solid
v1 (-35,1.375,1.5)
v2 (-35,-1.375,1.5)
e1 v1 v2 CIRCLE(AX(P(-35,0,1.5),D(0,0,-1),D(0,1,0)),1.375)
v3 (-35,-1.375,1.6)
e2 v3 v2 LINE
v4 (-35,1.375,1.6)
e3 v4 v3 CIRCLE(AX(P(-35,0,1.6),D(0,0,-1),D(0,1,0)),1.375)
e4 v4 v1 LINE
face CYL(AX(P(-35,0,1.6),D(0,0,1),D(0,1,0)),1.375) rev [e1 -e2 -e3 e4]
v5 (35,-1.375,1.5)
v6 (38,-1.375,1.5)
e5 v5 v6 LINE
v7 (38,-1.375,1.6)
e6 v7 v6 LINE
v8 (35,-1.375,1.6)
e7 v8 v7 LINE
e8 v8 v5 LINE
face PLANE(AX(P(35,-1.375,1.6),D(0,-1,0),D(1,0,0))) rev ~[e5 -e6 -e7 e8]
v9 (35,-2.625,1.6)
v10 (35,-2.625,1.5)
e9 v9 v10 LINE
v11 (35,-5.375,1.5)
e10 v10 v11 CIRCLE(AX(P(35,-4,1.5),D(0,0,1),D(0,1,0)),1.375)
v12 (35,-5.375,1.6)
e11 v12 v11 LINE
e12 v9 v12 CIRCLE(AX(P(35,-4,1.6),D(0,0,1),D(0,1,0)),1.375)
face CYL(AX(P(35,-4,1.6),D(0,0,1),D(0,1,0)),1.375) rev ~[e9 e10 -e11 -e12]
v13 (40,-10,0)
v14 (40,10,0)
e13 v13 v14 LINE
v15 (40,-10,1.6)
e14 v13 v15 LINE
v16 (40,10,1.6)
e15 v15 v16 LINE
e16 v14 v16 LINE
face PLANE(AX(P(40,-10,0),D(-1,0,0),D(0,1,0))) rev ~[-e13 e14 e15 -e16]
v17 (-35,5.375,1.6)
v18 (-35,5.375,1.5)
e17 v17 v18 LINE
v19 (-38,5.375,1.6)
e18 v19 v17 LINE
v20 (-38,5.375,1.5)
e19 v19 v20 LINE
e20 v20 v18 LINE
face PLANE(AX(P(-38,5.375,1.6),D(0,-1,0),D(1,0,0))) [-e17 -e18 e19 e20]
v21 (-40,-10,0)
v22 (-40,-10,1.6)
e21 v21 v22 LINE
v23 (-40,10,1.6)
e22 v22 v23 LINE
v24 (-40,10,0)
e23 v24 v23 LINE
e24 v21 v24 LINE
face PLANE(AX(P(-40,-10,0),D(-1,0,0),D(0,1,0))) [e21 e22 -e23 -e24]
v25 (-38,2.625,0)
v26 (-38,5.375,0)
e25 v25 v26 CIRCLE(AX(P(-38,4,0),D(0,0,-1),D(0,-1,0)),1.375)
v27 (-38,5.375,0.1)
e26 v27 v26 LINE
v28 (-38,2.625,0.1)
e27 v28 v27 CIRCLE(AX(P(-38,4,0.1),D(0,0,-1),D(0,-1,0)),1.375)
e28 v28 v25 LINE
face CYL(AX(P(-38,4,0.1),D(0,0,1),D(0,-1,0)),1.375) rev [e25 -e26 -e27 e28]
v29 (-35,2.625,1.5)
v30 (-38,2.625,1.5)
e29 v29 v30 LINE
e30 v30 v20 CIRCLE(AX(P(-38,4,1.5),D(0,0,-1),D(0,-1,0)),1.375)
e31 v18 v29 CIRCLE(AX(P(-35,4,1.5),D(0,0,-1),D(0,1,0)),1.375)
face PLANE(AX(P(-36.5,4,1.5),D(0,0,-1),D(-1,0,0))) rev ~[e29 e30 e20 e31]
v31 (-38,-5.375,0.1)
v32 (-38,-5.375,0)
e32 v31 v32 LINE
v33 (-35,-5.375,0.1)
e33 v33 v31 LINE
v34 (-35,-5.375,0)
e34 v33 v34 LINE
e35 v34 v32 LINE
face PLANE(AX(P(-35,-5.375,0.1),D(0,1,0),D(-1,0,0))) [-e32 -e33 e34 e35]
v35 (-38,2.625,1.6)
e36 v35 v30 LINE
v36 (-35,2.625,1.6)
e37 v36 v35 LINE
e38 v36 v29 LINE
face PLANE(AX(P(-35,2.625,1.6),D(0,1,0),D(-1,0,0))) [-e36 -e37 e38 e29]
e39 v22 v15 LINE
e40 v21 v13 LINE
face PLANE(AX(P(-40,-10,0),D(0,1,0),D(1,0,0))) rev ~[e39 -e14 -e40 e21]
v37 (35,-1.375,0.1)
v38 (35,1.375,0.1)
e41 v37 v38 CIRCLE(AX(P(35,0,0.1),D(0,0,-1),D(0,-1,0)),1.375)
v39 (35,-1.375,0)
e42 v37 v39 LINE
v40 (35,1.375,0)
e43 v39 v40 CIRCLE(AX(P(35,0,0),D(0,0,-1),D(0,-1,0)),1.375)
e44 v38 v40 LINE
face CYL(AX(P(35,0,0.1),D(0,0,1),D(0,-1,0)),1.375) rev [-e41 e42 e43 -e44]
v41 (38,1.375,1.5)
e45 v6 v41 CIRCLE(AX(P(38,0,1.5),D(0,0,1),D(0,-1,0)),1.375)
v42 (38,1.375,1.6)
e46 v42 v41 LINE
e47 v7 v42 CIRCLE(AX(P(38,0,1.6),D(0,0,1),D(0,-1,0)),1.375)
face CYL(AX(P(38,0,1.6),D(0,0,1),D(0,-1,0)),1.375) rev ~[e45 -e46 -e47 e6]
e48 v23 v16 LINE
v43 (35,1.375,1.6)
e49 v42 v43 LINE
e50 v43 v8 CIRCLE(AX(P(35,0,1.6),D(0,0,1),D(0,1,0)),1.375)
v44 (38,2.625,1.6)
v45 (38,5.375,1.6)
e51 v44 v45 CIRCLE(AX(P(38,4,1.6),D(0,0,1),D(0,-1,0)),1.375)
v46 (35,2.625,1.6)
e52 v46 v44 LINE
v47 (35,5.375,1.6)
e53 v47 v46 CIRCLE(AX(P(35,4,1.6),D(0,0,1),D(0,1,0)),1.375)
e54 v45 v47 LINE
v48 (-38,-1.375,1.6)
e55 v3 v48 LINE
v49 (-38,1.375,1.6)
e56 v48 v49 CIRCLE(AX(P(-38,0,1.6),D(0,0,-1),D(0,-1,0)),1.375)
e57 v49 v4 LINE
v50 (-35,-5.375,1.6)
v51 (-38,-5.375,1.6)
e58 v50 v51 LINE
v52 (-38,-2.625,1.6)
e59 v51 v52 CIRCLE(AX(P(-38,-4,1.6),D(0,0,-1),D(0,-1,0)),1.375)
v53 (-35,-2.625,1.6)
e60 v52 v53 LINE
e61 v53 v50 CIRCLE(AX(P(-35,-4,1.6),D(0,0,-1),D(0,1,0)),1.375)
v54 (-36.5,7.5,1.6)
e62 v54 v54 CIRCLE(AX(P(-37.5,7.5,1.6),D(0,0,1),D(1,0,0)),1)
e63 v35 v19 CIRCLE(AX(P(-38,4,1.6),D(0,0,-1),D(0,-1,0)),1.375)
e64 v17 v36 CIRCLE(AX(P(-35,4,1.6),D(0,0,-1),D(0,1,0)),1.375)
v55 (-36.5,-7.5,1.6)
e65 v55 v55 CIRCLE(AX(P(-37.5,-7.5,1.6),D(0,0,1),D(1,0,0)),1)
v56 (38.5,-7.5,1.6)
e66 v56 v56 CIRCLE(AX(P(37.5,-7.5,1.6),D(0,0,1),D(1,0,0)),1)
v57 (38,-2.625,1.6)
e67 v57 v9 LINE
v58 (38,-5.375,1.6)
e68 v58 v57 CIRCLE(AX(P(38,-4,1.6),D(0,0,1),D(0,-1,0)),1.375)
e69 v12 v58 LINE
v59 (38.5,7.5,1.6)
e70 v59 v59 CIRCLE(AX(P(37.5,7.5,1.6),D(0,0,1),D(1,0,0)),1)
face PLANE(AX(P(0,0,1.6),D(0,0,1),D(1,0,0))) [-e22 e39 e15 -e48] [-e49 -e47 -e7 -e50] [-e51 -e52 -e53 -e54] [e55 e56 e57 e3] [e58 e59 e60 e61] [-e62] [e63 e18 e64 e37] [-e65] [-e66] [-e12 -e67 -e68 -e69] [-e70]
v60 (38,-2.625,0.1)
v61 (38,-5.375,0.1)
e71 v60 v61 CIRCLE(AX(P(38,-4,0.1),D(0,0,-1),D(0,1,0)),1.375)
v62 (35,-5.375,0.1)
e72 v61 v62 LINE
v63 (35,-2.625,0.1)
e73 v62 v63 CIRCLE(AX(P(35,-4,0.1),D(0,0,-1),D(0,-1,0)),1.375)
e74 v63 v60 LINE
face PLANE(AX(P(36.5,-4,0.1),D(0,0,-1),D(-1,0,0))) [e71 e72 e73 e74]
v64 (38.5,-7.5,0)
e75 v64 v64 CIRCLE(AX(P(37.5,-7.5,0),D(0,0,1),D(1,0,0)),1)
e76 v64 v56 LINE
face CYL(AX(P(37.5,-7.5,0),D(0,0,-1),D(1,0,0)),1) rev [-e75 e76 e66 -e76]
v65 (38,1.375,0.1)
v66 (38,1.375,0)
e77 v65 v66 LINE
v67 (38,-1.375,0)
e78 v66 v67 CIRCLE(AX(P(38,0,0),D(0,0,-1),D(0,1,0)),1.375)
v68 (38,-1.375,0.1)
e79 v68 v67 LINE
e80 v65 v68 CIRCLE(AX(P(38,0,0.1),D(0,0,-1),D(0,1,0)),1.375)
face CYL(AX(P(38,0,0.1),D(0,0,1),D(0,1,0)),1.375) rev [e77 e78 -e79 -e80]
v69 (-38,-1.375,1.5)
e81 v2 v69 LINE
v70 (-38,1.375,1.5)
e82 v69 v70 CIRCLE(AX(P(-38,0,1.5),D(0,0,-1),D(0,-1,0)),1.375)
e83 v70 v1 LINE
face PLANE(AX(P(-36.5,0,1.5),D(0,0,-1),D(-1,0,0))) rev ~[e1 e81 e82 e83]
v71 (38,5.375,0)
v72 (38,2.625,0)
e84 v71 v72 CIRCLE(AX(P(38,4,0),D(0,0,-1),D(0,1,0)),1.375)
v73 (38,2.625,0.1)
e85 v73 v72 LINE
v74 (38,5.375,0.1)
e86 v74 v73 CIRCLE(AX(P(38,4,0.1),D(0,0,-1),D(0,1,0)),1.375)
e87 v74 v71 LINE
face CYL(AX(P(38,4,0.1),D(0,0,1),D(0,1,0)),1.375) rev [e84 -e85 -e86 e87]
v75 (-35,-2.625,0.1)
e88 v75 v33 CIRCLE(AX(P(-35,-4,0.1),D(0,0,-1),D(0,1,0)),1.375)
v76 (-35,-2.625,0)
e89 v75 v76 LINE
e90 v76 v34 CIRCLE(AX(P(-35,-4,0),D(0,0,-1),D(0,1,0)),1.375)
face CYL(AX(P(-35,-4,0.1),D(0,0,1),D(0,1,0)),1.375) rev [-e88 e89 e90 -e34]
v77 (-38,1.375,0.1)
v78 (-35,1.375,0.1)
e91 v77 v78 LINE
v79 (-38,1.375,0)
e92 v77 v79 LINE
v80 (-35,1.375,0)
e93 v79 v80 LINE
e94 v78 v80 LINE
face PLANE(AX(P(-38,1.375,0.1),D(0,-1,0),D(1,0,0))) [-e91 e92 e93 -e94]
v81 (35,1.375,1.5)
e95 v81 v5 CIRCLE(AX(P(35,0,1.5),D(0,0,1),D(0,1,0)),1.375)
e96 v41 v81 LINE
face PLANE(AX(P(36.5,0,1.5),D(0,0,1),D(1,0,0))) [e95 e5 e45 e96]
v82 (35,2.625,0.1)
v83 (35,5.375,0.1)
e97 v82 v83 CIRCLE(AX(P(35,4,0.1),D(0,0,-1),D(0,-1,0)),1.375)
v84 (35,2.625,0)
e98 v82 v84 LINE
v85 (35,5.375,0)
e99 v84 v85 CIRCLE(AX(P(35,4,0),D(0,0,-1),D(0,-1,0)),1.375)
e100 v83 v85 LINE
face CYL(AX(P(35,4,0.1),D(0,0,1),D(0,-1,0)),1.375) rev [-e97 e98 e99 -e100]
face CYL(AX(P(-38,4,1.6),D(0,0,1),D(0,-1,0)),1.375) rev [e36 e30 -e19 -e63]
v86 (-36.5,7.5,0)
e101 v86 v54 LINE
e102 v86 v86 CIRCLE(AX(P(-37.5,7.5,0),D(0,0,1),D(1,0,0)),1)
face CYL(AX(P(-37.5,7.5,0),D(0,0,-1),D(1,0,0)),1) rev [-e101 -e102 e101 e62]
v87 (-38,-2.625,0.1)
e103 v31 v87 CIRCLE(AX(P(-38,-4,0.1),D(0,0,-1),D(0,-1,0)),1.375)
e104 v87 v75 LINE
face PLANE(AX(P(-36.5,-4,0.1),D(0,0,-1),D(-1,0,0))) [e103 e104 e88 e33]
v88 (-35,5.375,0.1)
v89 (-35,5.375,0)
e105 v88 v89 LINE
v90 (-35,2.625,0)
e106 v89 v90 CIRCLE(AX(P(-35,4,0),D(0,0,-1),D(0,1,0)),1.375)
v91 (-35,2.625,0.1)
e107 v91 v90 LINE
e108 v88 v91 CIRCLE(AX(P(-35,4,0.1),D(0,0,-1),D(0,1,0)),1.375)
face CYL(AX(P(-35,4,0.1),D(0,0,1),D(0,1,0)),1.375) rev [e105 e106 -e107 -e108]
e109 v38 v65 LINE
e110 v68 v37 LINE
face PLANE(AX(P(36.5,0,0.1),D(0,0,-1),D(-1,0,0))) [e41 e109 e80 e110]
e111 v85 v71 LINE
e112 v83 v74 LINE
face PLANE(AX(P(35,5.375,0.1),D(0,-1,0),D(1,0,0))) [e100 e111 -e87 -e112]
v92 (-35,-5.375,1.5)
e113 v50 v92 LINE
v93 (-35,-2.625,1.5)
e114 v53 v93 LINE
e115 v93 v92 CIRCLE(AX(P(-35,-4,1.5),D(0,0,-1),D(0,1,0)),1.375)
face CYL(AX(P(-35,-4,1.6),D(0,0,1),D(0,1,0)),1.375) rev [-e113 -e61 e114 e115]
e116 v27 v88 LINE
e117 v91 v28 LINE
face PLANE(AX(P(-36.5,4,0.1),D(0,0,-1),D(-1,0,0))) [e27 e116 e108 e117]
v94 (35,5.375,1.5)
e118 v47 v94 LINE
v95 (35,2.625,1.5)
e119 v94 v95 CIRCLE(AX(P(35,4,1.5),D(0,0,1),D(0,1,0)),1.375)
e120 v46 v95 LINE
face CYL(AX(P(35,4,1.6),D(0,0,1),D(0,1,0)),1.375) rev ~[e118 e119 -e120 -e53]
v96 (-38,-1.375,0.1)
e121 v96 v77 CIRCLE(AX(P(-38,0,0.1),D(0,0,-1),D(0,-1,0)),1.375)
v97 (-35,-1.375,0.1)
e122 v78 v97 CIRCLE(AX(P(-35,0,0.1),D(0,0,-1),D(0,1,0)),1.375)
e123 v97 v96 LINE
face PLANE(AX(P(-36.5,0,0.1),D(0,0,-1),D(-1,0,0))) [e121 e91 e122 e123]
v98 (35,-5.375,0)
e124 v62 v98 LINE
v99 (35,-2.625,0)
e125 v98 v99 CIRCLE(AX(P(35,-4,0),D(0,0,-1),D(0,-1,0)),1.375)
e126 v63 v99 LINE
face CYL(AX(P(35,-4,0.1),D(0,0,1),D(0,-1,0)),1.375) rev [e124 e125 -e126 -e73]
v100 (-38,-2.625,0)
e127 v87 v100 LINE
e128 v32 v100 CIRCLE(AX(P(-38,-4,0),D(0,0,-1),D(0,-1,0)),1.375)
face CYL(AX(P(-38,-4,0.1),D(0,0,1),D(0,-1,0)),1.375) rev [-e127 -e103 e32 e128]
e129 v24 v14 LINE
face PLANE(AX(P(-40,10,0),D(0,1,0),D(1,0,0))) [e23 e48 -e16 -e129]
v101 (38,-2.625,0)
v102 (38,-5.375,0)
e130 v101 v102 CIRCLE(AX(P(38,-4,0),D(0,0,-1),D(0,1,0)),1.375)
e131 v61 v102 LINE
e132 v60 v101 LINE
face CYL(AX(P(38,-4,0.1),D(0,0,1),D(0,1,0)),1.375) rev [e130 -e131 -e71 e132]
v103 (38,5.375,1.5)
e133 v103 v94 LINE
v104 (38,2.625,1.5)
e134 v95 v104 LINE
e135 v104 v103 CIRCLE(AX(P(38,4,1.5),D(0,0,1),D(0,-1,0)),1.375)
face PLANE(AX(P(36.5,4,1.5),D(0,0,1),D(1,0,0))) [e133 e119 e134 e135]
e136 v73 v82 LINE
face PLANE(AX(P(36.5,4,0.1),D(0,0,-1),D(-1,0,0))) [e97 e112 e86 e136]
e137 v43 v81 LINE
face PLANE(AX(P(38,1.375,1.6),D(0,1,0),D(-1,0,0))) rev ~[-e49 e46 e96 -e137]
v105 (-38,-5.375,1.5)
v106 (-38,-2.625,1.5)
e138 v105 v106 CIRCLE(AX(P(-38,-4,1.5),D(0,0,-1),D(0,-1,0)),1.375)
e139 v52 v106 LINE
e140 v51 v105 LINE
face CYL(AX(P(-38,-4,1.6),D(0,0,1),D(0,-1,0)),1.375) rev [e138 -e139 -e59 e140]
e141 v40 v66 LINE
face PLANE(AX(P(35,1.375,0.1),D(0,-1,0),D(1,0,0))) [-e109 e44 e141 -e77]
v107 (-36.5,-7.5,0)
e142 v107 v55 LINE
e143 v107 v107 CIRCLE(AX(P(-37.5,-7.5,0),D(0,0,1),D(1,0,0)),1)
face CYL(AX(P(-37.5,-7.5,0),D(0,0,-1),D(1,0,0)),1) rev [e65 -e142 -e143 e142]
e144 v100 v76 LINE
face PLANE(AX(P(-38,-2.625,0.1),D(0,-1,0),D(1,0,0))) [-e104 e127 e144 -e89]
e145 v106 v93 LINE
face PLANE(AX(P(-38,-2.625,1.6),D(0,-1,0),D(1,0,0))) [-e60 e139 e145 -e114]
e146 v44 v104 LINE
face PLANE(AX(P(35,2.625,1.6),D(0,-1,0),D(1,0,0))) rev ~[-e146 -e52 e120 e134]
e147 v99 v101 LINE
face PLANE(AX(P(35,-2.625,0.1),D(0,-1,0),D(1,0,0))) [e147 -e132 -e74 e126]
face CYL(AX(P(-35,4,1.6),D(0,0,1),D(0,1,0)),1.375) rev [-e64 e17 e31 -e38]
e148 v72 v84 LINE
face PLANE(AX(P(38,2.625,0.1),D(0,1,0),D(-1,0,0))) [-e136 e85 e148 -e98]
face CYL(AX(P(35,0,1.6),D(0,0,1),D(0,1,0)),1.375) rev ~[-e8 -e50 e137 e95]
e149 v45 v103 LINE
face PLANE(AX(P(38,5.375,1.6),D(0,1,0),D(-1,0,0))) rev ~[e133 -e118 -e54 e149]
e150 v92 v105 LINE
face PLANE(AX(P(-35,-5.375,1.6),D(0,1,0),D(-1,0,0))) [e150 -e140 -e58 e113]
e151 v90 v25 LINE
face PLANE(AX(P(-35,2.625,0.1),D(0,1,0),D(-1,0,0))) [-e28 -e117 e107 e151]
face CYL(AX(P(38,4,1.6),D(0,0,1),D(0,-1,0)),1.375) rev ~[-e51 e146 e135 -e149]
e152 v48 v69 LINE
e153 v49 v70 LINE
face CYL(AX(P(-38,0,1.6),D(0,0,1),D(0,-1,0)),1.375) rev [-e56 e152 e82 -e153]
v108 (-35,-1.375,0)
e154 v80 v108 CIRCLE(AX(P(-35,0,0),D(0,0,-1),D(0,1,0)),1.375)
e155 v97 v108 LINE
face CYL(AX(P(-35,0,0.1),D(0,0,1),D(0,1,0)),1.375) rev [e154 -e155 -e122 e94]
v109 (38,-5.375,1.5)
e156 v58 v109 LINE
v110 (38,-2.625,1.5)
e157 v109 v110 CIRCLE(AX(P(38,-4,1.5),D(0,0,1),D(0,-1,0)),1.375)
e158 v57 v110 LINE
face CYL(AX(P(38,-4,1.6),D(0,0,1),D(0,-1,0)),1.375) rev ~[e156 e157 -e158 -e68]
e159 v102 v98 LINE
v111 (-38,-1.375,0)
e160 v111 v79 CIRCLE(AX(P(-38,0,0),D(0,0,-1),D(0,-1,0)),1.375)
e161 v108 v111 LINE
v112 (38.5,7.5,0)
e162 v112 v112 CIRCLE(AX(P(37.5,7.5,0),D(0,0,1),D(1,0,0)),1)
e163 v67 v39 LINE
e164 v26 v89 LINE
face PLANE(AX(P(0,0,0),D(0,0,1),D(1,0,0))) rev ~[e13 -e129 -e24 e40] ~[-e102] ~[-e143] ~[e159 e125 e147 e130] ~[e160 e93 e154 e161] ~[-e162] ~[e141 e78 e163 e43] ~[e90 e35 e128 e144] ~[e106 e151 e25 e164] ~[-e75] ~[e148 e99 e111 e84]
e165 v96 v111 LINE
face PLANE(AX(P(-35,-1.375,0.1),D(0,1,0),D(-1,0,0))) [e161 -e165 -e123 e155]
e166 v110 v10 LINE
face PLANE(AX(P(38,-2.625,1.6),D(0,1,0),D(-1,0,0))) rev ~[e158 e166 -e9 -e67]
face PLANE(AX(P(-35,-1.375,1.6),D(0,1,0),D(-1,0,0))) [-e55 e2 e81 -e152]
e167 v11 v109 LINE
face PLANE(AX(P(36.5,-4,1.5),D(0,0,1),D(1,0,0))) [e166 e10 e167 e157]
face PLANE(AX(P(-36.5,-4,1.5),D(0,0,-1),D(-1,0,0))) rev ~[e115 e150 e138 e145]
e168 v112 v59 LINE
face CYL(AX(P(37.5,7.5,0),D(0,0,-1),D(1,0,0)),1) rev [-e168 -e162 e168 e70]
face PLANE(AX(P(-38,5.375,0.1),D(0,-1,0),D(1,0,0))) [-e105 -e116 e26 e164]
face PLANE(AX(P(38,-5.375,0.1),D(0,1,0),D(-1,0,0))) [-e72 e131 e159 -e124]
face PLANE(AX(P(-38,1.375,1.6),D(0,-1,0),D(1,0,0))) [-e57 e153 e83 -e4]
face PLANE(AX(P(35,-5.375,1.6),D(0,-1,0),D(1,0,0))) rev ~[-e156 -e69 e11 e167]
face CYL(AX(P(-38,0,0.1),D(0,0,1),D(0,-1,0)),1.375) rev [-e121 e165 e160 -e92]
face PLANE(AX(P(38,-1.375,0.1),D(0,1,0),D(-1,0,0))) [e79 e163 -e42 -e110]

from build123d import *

# Parameters (mm, degrees)
SKETCH_1_W          = 80
SKETCH_1_H          = 20
SKETCH_1_R          = 1
EXTRUDE_1_DEPTH     = 1.6
CUT_EXTRUDE_1_DEPTH = 0.1
CUT_EXTRUDE_START   = -0.1
CUT_EXTRUDE_2_DEPTH = 0.1


with BuildPart() as part:
    # Эскиз1 → Бобышка-Вытянуть1 (new body)
    with BuildSketch(Plane.XY):
        Rectangle(SKETCH_1_W, SKETCH_1_H)
        with Locations((-37.5, 7.5)):
            Circle(SKETCH_1_R, mode=Mode.SUBTRACT)
        with Locations((-37.5, -7.5)):
            Circle(SKETCH_1_R, mode=Mode.SUBTRACT)
        with Locations((37.5, -7.5)):
            Circle(SKETCH_1_R, mode=Mode.SUBTRACT)
        with Locations((37.5, 7.5)):
            Circle(SKETCH_1_R, mode=Mode.SUBTRACT)
    extrude(amount=EXTRUDE_1_DEPTH)

    # Эскиз2 → Вырез-Вытянуть1 (cut)
    with BuildSketch(Plane.XY.offset(1.6)):
        with BuildLine():
            Line((-38, -2.625), (-35, -2.625))
            ThreePointArc((-35, -2.625), (-33.625, -4), (-35, -5.375))
            Line((-35, -5.375), (-38, -5.375))
            ThreePointArc((-38, -5.375), (-39.375, -4), (-38, -2.625))
        make_face()
        with BuildLine():
            Line((-38, 1.375), (-35, 1.375))
            ThreePointArc((-35, 1.375), (-33.625, 0), (-35, -1.375))
            Line((-35, -1.375), (-38, -1.375))
            ThreePointArc((-38, -1.375), (-39.375, 0), (-38, 1.375))
        make_face()
        with BuildLine():
            Line((-38, 5.375), (-35, 5.375))
            ThreePointArc((-35, 5.375), (-33.625, 4), (-35, 2.625))
            Line((-35, 2.625), (-38, 2.625))
            ThreePointArc((-38, 2.625), (-39.375, 4), (-38, 5.375))
        make_face()
        with BuildLine():
            Line((38, -2.625), (35, -2.625))
            ThreePointArc((35, -2.625), (33.625, -4), (35, -5.375))
            Line((35, -5.375), (38, -5.375))
            ThreePointArc((38, -5.375), (39.375, -4), (38, -2.625))
        make_face()
        with BuildLine():
            Line((38, 1.375), (35, 1.375))
            ThreePointArc((35, 1.375), (33.625, 0), (35, -1.375))
            Line((35, -1.375), (38, -1.375))
            ThreePointArc((38, -1.375), (39.375, 0), (38, 1.375))
        make_face()
        with BuildLine():
            Line((38, 5.375), (35, 5.375))
            ThreePointArc((35, 5.375), (33.625, 4), (35, 2.625))
            Line((35, 2.625), (38, 2.625))
            ThreePointArc((38, 2.625), (39.375, 4), (38, 5.375))
        make_face()
    extrude(amount=-CUT_EXTRUDE_1_DEPTH, mode=Mode.SUBTRACT)

    # Эскиз3 → Вырез-Вытянуть2 (cut)
    with BuildSketch(Plane(origin=(0, 0, 0), x_dir=(-1, 0, 0), z_dir=(0, 0, -1)).offset(CUT_EXTRUDE_START)):
        with BuildLine():
            Line((38, 1.375), (35, 1.375))
            ThreePointArc((35, 1.375), (33.625, 0), (35, -1.375))
            Line((35, -1.375), (38, -1.375))
            ThreePointArc((38, -1.375), (39.375, 0), (38, 1.375))
        make_face()
        with BuildLine():
            Line((38, -2.625), (35, -2.625))
            ThreePointArc((35, -2.625), (33.625, -4), (35, -5.375))
            Line((35, -5.375), (38, -5.375))
            ThreePointArc((38, -5.375), (39.375, -4), (38, -2.625))
        make_face()
        with BuildLine():
            Line((38, 5.375), (35, 5.375))
            ThreePointArc((35, 5.375), (33.625, 4), (35, 2.625))
            Line((35, 2.625), (38, 2.625))
            ThreePointArc((38, 2.625), (39.375, 4), (38, 5.375))
        make_face()
        with BuildLine():
            Line((-35, 1.375), (-38, 1.375))
            ThreePointArc((-38, 1.375), (-39.375, 0), (-38, -1.375))
            Line((-38, -1.375), (-35, -1.375))
            ThreePointArc((-35, -1.375), (-33.625, 0), (-35, 1.375))
        make_face()
        with BuildLine():
            Line((-35, -2.625), (-38, -2.625))
            ThreePointArc((-38, -2.625), (-39.375, -4), (-38, -5.375))
            Line((-38, -5.375), (-35, -5.375))
            ThreePointArc((-35, -5.375), (-33.625, -4), (-35, -2.625))
        make_face()
        with BuildLine():
            Line((-35, 5.375), (-38, 5.375))
            ThreePointArc((-38, 5.375), (-39.375, 4), (-38, 2.625))
            Line((-38, 2.625), (-35, 2.625))
            ThreePointArc((-35, 2.625), (-33.625, 4), (-35, 5.375))
        make_face()
    extrude(amount=CUT_EXTRUDE_2_DEPTH, mode=Mode.SUBTRACT)


solid = part.part
